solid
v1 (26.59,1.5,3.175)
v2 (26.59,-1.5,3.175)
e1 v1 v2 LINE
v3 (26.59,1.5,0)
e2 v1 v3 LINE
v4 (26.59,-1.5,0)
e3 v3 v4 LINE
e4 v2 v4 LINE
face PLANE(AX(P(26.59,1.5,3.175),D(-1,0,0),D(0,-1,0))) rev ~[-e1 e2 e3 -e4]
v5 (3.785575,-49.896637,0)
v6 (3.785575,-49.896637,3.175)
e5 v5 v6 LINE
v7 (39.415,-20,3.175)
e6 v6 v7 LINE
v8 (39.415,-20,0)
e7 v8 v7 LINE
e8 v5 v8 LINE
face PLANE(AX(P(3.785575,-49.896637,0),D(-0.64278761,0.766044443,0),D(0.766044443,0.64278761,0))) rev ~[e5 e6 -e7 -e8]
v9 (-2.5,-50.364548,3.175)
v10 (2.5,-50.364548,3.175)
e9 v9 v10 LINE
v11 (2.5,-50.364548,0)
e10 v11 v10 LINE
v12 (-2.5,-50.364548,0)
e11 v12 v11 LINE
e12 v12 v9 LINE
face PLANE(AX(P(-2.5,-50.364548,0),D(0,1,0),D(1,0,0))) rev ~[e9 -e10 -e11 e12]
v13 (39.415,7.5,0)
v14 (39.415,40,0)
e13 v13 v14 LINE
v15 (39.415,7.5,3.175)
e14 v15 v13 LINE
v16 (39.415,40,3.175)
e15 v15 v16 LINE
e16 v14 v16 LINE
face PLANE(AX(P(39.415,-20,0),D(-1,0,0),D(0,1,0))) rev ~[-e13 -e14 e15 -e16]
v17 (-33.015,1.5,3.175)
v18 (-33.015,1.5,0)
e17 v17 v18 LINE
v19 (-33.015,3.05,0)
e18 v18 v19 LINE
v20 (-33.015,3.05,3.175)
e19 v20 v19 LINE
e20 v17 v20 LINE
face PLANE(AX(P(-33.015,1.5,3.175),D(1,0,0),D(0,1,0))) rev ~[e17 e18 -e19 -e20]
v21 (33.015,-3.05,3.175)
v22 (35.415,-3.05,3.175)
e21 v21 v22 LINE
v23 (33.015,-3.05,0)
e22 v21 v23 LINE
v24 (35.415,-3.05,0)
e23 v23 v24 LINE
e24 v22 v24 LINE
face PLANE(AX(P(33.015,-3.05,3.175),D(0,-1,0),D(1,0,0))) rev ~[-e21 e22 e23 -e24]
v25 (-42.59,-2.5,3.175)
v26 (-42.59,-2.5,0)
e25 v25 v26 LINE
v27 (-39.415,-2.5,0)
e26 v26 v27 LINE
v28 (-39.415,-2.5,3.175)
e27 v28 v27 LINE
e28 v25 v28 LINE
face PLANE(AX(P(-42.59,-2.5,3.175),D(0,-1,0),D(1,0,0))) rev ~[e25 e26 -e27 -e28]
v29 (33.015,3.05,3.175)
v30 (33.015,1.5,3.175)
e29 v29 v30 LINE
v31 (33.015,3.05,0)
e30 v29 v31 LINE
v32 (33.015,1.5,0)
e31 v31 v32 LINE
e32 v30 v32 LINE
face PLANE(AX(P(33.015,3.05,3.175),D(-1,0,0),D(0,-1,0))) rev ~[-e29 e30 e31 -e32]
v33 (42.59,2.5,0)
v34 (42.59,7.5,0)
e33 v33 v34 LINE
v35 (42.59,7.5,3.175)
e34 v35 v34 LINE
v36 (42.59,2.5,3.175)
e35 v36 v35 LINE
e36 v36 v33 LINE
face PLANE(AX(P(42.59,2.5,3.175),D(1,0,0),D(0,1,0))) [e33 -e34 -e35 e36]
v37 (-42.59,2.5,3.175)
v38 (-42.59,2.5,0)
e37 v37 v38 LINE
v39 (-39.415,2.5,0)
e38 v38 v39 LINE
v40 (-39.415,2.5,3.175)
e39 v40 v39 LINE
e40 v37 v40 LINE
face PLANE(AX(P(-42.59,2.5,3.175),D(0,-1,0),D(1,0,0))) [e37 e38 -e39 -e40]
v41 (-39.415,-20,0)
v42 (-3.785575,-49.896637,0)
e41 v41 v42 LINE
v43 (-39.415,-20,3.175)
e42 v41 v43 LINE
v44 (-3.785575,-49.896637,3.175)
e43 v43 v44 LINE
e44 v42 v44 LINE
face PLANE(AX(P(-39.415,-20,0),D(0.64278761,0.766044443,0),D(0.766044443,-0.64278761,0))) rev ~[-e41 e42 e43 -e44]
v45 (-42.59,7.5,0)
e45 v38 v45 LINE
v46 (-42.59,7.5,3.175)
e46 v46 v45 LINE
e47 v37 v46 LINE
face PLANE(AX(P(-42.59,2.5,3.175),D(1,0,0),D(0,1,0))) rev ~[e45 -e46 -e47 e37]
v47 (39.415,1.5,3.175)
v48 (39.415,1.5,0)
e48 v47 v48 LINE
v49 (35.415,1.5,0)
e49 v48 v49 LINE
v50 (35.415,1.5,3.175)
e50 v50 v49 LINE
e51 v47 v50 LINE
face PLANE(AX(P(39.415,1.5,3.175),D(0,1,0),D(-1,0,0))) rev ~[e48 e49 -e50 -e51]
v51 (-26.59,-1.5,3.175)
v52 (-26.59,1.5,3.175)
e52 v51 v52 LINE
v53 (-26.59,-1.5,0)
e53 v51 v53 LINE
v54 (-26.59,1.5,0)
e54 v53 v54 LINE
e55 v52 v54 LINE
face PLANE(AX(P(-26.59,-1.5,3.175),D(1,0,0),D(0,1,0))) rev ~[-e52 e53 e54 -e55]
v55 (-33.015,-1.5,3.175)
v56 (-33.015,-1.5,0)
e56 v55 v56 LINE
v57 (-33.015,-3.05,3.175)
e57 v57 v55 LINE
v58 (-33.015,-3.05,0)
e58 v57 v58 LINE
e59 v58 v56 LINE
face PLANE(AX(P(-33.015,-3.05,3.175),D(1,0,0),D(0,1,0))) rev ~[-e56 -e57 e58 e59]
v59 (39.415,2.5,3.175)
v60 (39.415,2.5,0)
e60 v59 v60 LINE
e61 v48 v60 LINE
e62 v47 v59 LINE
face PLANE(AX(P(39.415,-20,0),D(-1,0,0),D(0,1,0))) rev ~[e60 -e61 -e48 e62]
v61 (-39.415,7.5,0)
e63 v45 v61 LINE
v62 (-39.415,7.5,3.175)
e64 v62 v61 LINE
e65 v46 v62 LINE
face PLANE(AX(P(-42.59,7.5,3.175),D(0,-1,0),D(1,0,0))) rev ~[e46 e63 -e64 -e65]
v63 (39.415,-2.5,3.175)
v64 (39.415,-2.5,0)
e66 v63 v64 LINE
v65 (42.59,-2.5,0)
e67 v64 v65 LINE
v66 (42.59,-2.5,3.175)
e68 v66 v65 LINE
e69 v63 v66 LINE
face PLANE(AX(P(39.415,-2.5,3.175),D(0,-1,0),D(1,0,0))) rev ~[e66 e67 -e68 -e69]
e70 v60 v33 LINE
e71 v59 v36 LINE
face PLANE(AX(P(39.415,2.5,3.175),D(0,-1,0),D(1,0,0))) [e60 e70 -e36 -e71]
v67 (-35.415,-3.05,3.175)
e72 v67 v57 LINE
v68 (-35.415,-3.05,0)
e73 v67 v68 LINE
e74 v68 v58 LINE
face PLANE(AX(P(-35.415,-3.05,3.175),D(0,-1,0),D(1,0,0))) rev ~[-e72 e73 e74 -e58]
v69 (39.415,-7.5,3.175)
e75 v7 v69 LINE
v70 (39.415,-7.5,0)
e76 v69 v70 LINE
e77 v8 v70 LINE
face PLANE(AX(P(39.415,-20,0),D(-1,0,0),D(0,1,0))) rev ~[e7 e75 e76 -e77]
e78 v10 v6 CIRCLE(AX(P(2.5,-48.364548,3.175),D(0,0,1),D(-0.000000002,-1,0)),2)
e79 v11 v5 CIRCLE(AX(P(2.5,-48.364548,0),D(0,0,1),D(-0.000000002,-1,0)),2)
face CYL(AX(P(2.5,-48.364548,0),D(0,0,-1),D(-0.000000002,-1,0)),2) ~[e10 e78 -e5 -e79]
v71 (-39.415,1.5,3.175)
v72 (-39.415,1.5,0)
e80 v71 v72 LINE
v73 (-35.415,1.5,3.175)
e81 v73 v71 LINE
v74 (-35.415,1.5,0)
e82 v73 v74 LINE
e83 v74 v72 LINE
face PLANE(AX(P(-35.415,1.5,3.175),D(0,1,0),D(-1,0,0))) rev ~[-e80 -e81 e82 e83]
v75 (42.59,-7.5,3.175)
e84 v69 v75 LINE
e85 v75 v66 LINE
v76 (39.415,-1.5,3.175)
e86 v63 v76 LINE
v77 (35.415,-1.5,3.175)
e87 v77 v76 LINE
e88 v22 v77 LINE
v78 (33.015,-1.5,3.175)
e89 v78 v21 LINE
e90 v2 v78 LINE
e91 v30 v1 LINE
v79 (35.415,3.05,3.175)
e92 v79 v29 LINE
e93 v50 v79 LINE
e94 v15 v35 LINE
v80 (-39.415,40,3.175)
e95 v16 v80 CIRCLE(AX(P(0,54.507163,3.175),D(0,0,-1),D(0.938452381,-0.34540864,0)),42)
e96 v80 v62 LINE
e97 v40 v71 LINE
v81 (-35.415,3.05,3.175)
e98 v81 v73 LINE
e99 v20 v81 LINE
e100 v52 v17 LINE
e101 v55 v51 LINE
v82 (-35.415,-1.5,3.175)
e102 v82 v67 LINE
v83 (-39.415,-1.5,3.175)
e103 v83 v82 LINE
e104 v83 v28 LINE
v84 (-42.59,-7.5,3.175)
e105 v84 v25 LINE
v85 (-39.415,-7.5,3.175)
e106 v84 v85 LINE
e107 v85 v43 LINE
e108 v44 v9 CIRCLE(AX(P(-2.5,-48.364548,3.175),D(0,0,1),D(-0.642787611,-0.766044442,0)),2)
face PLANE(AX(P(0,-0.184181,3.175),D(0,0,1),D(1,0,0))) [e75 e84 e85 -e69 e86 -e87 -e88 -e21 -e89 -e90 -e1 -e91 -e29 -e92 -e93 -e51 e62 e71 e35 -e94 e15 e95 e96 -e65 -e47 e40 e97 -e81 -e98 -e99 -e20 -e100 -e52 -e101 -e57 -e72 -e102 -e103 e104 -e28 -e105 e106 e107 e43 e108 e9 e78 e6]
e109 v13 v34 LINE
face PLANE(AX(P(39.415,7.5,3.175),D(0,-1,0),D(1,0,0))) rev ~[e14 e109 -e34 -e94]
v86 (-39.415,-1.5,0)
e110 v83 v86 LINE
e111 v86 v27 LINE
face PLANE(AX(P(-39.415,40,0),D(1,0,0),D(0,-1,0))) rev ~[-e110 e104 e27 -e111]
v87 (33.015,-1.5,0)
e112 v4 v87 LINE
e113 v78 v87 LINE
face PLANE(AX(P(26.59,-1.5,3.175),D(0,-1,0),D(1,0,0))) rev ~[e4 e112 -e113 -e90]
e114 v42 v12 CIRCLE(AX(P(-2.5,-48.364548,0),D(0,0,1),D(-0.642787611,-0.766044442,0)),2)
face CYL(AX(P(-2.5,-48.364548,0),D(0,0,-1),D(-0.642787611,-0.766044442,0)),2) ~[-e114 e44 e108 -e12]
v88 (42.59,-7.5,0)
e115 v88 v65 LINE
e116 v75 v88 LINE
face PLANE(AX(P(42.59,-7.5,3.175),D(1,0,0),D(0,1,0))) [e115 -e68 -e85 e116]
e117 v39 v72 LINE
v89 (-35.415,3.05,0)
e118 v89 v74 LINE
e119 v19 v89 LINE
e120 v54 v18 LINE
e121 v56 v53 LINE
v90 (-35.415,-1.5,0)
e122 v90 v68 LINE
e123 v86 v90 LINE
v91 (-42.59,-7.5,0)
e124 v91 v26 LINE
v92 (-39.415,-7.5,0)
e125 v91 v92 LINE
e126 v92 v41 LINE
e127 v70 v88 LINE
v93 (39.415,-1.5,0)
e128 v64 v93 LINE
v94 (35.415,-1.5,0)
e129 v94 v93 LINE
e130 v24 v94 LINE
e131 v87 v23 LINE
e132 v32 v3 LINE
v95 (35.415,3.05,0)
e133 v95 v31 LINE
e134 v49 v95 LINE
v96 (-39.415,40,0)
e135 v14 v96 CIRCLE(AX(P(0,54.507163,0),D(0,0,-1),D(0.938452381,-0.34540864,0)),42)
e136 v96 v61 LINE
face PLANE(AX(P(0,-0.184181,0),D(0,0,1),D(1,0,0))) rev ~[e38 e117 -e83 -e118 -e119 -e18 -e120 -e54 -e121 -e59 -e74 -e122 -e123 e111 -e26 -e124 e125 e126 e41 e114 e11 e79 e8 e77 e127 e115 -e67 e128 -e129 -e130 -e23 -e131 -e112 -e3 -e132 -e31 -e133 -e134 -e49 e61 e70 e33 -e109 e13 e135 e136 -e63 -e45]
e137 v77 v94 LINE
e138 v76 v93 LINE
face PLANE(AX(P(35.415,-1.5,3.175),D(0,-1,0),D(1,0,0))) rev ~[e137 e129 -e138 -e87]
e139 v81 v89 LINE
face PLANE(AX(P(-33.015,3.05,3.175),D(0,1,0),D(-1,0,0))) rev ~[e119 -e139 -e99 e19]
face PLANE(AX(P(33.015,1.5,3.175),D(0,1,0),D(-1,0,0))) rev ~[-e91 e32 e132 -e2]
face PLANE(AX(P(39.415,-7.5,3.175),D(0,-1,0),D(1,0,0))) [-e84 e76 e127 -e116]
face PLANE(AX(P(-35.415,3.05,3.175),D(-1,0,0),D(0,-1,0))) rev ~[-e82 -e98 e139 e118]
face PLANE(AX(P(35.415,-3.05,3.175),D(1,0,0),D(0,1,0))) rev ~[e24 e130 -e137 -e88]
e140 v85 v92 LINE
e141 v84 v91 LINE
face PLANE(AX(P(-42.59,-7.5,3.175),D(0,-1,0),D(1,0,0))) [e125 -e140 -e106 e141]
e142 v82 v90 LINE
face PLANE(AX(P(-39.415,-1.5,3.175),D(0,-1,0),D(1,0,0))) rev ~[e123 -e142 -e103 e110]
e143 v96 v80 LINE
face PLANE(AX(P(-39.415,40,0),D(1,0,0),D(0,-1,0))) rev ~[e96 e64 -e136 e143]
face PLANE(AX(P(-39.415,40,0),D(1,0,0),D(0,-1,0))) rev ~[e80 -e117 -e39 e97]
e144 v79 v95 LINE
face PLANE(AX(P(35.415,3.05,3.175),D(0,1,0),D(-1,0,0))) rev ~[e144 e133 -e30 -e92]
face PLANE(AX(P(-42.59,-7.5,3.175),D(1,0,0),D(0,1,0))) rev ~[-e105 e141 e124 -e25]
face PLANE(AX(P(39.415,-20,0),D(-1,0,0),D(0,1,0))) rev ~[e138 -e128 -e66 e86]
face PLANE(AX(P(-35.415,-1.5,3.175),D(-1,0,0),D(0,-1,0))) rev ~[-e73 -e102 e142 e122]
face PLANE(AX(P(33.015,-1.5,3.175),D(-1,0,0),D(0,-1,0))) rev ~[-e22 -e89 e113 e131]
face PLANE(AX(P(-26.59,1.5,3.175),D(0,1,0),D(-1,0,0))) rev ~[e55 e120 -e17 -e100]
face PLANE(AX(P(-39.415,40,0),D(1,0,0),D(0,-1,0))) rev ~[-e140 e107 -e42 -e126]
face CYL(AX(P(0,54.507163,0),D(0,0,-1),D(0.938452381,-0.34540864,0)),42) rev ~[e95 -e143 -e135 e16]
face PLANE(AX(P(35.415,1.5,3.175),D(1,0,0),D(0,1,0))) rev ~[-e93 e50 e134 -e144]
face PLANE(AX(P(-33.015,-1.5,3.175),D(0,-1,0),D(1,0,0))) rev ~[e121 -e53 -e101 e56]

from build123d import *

# Parameters (mm, degrees)
BOSS_EXTRUDE1_DEPTH = 3.175
SKETCH2_W           = 3.175
SKETCH2_H           = 5
BOSS_EXTRUDE2_DEPTH = 3.175
CUT_EXTRUDE1_DEPTH  = 67.034660983


with BuildPart() as part:
    # Sketch1 → Boss-Extrude1 (new body)
    with BuildSketch(Plane.XY):
        with BuildLine():
            Line((39.415, -20), (39.415, 40))
            ThreePointArc((39.415, 40), (0, 12.507162886), (-39.415, 40))
            Line((-39.415, 40), (-39.415, -20))
            Line((-39.415, -20), (-3.785575219, -49.896637192))
            ThreePointArc((-3.785575219, -49.896637192), (-3.184040287, -50.243933548), (-2.5, -50.364548306))
            Line((-2.5, -50.364548306), (2.5, -50.364548306))
            ThreePointArc((2.5, -50.364548306), (3.184040287, -50.243933548), (3.785575219, -49.896637192))
            Line((3.785575219, -49.896637192), (39.415, -20))
        make_face()
    extrude(amount=BOSS_EXTRUDE1_DEPTH)

    # Sketch2 → Boss-Extrude2 (add)
    with BuildSketch(Plane.XY.offset(3.175)):
        with Locations((41.0025, -5)):
            Rectangle(SKETCH2_W, SKETCH2_H)
        with Locations((41.0025, 5)):
            Rectangle(SKETCH2_W, SKETCH2_H)
        with Locations((-41.0025, 5)):
            Rectangle(SKETCH2_W, SKETCH2_H)
        with Locations((-41.0025, -5)):
            Rectangle(SKETCH2_W, SKETCH2_H)
    extrude(amount=-BOSS_EXTRUDE2_DEPTH)

    # Sketch3 → Cut-Extrude1 (cut, through all)
    with BuildSketch(Plane.XY.offset(3.175)):
        Polygon((39.415, 1.5), (35.415, 1.5), (35.415, 3.05), (33.015, 3.05), (33.015, 1.5), (26.59, 1.5), (26.59, -1.5), (33.015, -1.5), (33.015, -3.05), (35.415, -3.05), (35.415, -1.5), (39.415, -1.5), align=None)
        Polygon((-39.415, -1.5), (-35.415, -1.5), (-35.415, -3.05), (-33.015, -3.05), (-33.015, -1.5), (-26.59, -1.5), (-26.59, 1.5), (-33.015, 1.5), (-33.015, 3.05), (-35.415, 3.05), (-35.415, 1.5), (-39.415, 1.5), align=None)
    extrude(amount=-CUT_EXTRUDE1_DEPTH, mode=Mode.SUBTRACT)


solid = part.part
